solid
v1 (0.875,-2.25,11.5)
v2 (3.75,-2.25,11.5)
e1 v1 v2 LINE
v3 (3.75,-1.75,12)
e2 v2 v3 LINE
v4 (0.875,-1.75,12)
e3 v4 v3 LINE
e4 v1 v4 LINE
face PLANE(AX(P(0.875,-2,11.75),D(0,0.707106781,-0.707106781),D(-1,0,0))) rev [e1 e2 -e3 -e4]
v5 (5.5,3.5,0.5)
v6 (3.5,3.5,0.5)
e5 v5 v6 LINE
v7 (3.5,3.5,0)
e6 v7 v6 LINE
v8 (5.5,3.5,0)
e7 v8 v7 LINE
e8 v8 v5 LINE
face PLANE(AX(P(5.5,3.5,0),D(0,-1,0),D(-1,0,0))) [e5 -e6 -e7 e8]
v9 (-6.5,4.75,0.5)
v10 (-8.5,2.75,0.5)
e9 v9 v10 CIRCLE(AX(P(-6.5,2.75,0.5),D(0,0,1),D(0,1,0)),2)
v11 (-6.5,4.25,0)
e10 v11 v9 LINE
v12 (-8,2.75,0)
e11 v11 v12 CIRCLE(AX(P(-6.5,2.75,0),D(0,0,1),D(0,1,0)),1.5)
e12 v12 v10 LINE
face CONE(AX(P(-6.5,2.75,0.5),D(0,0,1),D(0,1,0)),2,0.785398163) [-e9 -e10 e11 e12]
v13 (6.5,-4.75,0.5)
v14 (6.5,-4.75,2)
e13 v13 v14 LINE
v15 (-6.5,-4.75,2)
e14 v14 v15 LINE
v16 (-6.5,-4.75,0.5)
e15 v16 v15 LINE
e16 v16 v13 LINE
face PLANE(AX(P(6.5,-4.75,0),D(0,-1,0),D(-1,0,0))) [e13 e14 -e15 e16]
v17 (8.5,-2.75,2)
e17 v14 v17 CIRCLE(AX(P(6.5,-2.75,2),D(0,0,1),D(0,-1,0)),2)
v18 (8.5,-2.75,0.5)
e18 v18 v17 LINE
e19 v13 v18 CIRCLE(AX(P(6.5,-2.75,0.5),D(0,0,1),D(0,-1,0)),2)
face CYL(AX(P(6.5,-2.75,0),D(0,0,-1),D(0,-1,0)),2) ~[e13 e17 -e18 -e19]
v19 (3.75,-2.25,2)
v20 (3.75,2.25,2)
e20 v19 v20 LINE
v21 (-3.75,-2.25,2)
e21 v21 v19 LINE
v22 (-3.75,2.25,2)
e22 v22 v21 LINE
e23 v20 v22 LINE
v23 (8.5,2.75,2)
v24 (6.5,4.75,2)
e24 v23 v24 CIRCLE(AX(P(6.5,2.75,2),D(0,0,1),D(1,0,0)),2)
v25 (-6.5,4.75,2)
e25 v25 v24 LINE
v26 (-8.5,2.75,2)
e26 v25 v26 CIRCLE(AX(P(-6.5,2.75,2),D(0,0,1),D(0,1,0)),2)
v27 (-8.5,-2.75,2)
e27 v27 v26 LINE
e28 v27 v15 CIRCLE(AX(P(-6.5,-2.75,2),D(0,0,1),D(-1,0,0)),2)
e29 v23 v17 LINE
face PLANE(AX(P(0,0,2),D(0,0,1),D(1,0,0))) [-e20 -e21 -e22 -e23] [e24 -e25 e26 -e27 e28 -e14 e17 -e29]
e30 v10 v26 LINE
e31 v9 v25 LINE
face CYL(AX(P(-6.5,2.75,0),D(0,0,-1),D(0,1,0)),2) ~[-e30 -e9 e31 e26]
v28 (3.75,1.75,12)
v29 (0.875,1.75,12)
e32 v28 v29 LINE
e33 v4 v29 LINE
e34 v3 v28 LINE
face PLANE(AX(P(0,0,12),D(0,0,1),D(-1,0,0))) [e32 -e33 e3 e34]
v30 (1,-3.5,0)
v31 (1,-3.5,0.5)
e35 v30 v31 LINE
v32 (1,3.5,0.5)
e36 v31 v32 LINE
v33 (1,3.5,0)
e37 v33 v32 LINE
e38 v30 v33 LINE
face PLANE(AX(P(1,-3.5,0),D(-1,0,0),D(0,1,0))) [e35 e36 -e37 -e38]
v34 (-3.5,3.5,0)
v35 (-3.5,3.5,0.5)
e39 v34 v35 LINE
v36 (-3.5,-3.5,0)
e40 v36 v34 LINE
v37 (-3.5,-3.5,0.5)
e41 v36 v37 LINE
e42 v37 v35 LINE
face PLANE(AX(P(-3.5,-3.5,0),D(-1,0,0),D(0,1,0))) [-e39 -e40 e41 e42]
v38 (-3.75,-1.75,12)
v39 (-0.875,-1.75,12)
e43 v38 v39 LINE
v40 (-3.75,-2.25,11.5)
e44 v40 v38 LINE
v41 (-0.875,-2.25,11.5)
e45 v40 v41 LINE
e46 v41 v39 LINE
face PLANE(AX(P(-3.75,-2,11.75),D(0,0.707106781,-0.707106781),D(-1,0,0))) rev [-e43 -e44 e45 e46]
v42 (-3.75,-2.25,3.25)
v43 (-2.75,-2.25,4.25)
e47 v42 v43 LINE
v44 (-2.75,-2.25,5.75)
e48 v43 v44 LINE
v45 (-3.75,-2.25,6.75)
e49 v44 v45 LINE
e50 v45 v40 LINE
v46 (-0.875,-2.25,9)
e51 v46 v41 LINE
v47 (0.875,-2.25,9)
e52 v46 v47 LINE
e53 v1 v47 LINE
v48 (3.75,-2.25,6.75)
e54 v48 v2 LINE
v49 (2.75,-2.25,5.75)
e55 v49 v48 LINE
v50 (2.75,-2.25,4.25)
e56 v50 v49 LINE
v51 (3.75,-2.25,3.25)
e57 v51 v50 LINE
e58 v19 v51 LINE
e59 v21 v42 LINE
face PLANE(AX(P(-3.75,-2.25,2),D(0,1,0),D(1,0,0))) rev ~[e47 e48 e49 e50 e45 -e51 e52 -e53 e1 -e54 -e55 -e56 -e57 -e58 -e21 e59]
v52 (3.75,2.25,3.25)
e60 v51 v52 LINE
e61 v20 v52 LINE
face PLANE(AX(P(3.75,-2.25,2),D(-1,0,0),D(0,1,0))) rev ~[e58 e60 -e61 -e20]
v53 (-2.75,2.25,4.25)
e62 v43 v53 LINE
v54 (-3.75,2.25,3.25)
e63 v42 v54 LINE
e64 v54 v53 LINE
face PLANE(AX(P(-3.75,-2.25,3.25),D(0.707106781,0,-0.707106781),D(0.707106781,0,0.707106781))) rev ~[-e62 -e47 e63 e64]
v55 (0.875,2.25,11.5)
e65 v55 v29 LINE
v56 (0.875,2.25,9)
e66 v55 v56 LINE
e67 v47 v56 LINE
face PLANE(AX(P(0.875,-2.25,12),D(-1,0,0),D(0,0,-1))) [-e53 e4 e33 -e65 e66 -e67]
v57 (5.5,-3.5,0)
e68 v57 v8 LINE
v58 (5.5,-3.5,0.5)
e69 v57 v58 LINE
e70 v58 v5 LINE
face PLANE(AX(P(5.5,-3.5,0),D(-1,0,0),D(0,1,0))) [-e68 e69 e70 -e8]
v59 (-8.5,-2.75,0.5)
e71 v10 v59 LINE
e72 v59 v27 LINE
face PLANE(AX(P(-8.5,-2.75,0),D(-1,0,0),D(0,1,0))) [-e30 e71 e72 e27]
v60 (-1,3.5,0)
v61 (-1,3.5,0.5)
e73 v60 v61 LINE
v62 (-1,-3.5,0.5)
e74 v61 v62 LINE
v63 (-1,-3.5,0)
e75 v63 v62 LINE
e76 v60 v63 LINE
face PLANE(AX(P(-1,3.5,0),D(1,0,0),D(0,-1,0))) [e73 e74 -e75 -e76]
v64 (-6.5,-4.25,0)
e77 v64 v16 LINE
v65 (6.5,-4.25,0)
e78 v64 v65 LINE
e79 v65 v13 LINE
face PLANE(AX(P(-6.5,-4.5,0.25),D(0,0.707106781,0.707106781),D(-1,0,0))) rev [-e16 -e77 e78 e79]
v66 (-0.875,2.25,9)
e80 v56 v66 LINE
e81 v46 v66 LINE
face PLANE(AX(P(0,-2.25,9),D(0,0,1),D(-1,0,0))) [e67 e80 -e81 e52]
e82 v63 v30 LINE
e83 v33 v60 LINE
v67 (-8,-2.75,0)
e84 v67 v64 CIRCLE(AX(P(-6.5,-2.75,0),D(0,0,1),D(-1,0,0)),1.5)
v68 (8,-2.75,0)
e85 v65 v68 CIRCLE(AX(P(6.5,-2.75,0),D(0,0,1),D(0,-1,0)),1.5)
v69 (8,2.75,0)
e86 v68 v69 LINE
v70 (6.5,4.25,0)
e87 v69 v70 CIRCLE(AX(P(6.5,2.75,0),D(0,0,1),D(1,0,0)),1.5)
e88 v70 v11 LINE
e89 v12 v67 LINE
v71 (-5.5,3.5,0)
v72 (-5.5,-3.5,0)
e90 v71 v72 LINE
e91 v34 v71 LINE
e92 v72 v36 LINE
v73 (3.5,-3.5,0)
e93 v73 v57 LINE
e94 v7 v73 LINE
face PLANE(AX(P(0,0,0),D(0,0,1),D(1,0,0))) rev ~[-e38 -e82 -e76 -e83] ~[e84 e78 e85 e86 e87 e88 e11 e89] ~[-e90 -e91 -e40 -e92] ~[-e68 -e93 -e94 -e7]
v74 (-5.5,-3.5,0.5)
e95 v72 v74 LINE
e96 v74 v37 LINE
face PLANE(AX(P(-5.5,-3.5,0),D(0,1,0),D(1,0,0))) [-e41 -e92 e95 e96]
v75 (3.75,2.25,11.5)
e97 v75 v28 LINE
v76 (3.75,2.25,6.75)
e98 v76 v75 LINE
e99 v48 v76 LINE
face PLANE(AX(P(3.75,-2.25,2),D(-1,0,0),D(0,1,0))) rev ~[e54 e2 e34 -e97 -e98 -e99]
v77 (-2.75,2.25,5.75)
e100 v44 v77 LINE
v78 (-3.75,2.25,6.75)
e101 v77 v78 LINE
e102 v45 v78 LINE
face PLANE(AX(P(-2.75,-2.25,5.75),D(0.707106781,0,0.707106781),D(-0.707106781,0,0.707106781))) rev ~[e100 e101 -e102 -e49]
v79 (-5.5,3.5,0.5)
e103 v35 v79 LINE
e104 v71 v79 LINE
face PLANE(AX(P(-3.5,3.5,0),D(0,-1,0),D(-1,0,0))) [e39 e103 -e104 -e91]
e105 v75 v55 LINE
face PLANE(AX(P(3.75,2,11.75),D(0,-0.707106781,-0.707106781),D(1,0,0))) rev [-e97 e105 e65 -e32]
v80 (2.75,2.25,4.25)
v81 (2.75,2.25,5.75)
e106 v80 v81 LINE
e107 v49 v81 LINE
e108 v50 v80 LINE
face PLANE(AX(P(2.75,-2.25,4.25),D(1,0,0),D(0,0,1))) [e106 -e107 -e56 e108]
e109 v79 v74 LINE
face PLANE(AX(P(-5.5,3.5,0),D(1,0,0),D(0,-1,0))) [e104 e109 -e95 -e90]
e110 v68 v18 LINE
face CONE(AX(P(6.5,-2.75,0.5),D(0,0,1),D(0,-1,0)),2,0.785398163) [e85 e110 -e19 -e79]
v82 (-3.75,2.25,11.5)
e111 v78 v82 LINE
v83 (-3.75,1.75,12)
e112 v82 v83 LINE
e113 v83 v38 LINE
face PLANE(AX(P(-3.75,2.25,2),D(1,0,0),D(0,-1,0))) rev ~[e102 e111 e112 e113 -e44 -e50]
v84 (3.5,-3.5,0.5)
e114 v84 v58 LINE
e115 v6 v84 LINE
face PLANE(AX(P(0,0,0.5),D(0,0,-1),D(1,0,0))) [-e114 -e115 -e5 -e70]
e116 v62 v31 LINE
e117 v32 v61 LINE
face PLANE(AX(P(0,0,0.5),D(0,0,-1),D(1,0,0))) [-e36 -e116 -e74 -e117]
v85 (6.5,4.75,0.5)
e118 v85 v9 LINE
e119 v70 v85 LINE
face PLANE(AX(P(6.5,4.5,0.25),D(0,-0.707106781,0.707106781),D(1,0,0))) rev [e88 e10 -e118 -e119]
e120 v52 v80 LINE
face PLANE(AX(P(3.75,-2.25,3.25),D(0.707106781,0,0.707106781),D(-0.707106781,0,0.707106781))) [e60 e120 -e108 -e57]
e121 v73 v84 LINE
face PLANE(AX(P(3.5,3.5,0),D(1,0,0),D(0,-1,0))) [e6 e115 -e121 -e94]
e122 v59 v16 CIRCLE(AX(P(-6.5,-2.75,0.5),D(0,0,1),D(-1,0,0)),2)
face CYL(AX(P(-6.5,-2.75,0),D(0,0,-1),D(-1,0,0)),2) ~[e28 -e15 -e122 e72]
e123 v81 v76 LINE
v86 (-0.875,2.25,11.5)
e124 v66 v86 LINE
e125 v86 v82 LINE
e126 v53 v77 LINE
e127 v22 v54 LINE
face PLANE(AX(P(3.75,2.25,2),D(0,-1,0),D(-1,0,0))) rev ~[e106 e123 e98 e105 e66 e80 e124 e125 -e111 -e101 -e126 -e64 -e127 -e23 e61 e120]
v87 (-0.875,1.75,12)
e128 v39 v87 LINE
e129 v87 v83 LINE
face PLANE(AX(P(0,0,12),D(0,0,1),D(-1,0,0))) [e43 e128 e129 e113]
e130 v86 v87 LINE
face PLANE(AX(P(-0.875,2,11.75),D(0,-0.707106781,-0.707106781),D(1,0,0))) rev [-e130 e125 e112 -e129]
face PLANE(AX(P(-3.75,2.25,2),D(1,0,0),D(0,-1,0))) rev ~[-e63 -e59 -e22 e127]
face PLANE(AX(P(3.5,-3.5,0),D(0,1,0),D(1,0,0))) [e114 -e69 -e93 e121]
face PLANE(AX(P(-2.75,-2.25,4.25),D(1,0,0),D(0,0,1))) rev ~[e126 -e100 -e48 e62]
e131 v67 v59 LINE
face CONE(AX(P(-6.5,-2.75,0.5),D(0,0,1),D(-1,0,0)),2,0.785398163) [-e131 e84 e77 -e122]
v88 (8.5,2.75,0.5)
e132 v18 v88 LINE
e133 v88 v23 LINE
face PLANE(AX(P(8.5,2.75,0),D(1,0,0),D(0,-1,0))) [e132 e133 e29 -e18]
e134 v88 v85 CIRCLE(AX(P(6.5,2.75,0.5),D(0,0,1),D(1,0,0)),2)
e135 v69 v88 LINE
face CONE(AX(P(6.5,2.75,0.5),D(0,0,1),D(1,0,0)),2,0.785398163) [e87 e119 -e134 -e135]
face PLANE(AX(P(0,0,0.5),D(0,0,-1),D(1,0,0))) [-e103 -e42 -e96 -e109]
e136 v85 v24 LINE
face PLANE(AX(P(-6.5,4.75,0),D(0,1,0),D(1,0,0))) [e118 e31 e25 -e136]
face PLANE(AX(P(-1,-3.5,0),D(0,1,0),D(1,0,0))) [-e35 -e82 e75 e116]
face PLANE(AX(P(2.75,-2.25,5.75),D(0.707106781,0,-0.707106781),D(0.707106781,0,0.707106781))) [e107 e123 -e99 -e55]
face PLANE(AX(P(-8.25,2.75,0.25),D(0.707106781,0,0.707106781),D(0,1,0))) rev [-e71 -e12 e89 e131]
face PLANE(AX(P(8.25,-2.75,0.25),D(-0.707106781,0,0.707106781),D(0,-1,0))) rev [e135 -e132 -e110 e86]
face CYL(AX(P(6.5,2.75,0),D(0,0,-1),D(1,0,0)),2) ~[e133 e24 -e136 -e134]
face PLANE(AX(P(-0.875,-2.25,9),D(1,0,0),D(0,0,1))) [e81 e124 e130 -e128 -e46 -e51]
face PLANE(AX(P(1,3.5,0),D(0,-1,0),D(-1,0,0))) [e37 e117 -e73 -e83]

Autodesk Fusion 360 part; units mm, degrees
sketch "Skizze1" plane through (0, 0, 0) normal (0, 0, 1) x (1, 0, 0)
  line L0 (-6.5, 4.75) -> (6.5, 4.75)
  line L1 (8.5, 2.75) -> (8.5, -2.75)
  line L2 (6.5, -4.75) -> (-6.5, -4.75)
  line L3 (-8.5, -2.75) -> (-8.5, 2.75)
  line L4 (-8.5, 4.75) -> (8.5, -4.75) construction
  line L5 (8.5, 4.75) -> (-8.5, -4.75) construction
  arc A0 (8.5, 2.75) -> (6.5, 4.75) centre (6.5, 2.75) ccw
  arc A1 (-6.5, 4.75) -> (-8.5, 2.75) centre (-6.5, 2.75) ccw
  arc A2 (-8.5, -2.75) -> (-6.5, -4.75) centre (-6.5, -2.75) ccw
  arc A3 (6.5, -4.75) -> (8.5, -2.75) centre (6.5, -2.75) ccw
  dimension "d464" = 17
  dimension "d465" = 9.5
  dimension "d468" = 2
extrude "Extrusion1" add sketch "Skizze1" along normal blind 2
sketch "Skizze2" plane through (0, 0, 2) normal (0, 0, 1) x (-1, 0, 0)
  arc A0 (8.5, 2.75) -> (6.5, 4.75) centre (6.5, 2.75) ccw
  line L0 (6.5, 4.75) -> (-6.5, 4.75)
  arc A1 (-6.5, 4.75) -> (-8.5, 2.75) centre (-6.5, 2.75) ccw
  line L1 (-8.5, 2.75) -> (-8.5, -2.75)
  arc A2 (-8.5, -2.75) -> (-6.5, -4.75) centre (-6.5, -2.75) ccw
  line L2 (-6.5, -4.75) -> (6.5, -4.75)
  arc A3 (6.5, -4.75) -> (8.5, -2.75) centre (6.5, -2.75) ccw
  line L3 (8.5, -2.75) -> (8.5, 2.75)
  line L4 (3.75, 2.25) -> (-3.75, 2.25)
  line L5 (-3.75, 2.25) -> (-3.75, -2.25)
  line L6 (-3.75, -2.25) -> (3.75, -2.25)
  line L7 (3.75, -2.25) -> (3.75, 2.25)
  line L8 (3.75, 2.25) -> (-3.75, -2.25) construction
  line L9 (-3.75, 2.25) -> (3.75, -2.25) construction
  dimension "d469" = 7.5
  dimension "d470" = 4.5
extrude "Extrusion2" add sketch "Skizze2" along normal blind 10 contours L4 L5 L6 L7
sketch "Skizze3" plane through (0, -2.25, 0) normal (0, -1, 0) x (1, 0, 0)
  line L0 (-3.75, 2) -> (3.75, 2)
  line L1 (3.75, 2) -> (3.75, 12)
  line L2 (3.75, 12) -> (-3.75, 12)
  line L3 (-3.75, 12) -> (-3.75, 2)
  line L4 (-0.875, 12) -> (0.875, 12)
  line L5 (0.875, 12) -> (0.875, 9)
  line L6 (0.875, 9) -> (-0.875, 9)
  line L7 (-0.875, 9) -> (-0.875, 12)
  line L8 (-0.875, 12) -> (0.875, 9) construction
  line L9 (0.875, 12) -> (-0.875, 9) construction
  line L10 (-3.75, 3.25) -> (-2.75, 4.25)
  line L11 (-3.75, 3.25) -> (-1.5, 3.25) construction
  line L12 (-2.75, 4.25) -> (-2.75, 5.75)
  line L13 (-2.75, 5.75) -> (-3.75, 6.75)
  line L14 (-6.5, 2) -> (6.5, 2)
  line L15 (0, 20) -> (0, 2.5)
  line L16 (3.75, 3.25) -> (2.75, 4.25)
  line L17 (2.75, 4.25) -> (2.75, 5.75)
  line L18 (2.75, 5.75) -> (3.75, 6.75)
  point P0 (0, 10.5)
  dimension "d479" = 1.75
  dimension "d480" = 3
  dimension "d483" = 45
  dimension "d484" = 1
  dimension "d485" = 1.5
  dimension "d486" = 2.25
extrude "Extrusion3" cut sketch "Skizze3" against normal up to surface (4.5 mm away) contours L3 L10 L12 L13 | L1 L16 L17 L18 | L2 L4 L6 L7 L15 | L2 L4 L5 L6 L15
sketch "Skizze4" plane through (0, 0, 0) normal (0, 0, -1) x (1, 0, 0)
  arc A0 (-6.5, 4.75) -> (-8.5, 2.75) centre (-6.5, 2.75) ccw
  line L0 (-8.5, 2.75) -> (-8.5, -2.75)
  arc A1 (-8.5, -2.75) -> (-6.5, -4.75) centre (-6.5, -2.75) ccw
  line L1 (-6.5, -4.75) -> (6.5, -4.75)
  arc A2 (6.5, -4.75) -> (8.5, -2.75) centre (6.5, -2.75) ccw
  line L2 (8.5, -2.75) -> (8.5, 2.75)
  arc A3 (8.5, 2.75) -> (6.5, 4.75) centre (6.5, 2.75) ccw
  line L3 (6.5, 4.75) -> (-6.5, 4.75)
  line L4 (-1, 3.5) -> (1, 3.5)
  line L5 (1, 3.5) -> (1, -3.5)
  line L6 (1, -3.5) -> (-1, -3.5)
  line L7 (-1, -3.5) -> (-1, 3.5)
  line L8 (-1, 3.5) -> (1, -3.5) construction
  line L9 (1, 3.5) -> (-1, -3.5) construction
  line L10 (-5.5, 3.5) -> (-3.5, 3.5)
  line L11 (-3.5, 3.5) -> (-3.5, -3.5)
  line L12 (-3.5, -3.5) -> (-5.5, -3.5)
  line L13 (-5.5, -3.5) -> (-5.5, 3.5)
  line L14 (-5.5, 3.5) -> (-3.5, -3.5) construction
  line L15 (-3.5, 3.5) -> (-5.5, -3.5) construction
  line L16 (3.5, 3.5) -> (5.5, 3.5)
  line L17 (5.5, 3.5) -> (5.5, -3.5)
  line L18 (5.5, -3.5) -> (3.5, -3.5)
  line L19 (3.5, -3.5) -> (3.5, 3.5)
  line L20 (3.5, 3.5) -> (5.5, -3.5) construction
  line L21 (5.5, 3.5) -> (3.5, -3.5) construction
  point P0 (-4.5, 0)
  point P1 (4.5, 0)
  dimension "d503" = 2
  dimension "d504" = 7
  dimension "d505" = 2.5
  dimension "d506" = 2.5
extrude "Extrusion4" cut sketch "Skizze4" against normal blind 0.5 contours L4 L5 L6 L7 | L10 L11 L12 L13 | L16 L17 L18 L19
chamfer "Fase1" distance 0.5 angle 45 12 edges at (-7.9142, -4.1642, 0) (0, -4.75, 0) (7.9142, -4.1642, 0) (8.5, 0, 0) (7.9142, 4.1642, 0) (0, 4.75, 0) (-7.9142, 4.1642, 0) (-8.5, 0, 0) (-2.3125, -2.25, 12) (2.3125, -2.25, 12) (-2.3125, 2.25, 12) (2.3125, 2.25, 12)
equation "d465 = 10 mm - ( 2 * 0.25 ) * 1 mm"
equation "d469 = 10 mm - 2.5 mm"
equation "d470 = 5 mm - ( 2 * 0.25 ) * 1 mm"
equation "d486 = 2 mm + 0.25 mm"
equation "d506 = d505"
